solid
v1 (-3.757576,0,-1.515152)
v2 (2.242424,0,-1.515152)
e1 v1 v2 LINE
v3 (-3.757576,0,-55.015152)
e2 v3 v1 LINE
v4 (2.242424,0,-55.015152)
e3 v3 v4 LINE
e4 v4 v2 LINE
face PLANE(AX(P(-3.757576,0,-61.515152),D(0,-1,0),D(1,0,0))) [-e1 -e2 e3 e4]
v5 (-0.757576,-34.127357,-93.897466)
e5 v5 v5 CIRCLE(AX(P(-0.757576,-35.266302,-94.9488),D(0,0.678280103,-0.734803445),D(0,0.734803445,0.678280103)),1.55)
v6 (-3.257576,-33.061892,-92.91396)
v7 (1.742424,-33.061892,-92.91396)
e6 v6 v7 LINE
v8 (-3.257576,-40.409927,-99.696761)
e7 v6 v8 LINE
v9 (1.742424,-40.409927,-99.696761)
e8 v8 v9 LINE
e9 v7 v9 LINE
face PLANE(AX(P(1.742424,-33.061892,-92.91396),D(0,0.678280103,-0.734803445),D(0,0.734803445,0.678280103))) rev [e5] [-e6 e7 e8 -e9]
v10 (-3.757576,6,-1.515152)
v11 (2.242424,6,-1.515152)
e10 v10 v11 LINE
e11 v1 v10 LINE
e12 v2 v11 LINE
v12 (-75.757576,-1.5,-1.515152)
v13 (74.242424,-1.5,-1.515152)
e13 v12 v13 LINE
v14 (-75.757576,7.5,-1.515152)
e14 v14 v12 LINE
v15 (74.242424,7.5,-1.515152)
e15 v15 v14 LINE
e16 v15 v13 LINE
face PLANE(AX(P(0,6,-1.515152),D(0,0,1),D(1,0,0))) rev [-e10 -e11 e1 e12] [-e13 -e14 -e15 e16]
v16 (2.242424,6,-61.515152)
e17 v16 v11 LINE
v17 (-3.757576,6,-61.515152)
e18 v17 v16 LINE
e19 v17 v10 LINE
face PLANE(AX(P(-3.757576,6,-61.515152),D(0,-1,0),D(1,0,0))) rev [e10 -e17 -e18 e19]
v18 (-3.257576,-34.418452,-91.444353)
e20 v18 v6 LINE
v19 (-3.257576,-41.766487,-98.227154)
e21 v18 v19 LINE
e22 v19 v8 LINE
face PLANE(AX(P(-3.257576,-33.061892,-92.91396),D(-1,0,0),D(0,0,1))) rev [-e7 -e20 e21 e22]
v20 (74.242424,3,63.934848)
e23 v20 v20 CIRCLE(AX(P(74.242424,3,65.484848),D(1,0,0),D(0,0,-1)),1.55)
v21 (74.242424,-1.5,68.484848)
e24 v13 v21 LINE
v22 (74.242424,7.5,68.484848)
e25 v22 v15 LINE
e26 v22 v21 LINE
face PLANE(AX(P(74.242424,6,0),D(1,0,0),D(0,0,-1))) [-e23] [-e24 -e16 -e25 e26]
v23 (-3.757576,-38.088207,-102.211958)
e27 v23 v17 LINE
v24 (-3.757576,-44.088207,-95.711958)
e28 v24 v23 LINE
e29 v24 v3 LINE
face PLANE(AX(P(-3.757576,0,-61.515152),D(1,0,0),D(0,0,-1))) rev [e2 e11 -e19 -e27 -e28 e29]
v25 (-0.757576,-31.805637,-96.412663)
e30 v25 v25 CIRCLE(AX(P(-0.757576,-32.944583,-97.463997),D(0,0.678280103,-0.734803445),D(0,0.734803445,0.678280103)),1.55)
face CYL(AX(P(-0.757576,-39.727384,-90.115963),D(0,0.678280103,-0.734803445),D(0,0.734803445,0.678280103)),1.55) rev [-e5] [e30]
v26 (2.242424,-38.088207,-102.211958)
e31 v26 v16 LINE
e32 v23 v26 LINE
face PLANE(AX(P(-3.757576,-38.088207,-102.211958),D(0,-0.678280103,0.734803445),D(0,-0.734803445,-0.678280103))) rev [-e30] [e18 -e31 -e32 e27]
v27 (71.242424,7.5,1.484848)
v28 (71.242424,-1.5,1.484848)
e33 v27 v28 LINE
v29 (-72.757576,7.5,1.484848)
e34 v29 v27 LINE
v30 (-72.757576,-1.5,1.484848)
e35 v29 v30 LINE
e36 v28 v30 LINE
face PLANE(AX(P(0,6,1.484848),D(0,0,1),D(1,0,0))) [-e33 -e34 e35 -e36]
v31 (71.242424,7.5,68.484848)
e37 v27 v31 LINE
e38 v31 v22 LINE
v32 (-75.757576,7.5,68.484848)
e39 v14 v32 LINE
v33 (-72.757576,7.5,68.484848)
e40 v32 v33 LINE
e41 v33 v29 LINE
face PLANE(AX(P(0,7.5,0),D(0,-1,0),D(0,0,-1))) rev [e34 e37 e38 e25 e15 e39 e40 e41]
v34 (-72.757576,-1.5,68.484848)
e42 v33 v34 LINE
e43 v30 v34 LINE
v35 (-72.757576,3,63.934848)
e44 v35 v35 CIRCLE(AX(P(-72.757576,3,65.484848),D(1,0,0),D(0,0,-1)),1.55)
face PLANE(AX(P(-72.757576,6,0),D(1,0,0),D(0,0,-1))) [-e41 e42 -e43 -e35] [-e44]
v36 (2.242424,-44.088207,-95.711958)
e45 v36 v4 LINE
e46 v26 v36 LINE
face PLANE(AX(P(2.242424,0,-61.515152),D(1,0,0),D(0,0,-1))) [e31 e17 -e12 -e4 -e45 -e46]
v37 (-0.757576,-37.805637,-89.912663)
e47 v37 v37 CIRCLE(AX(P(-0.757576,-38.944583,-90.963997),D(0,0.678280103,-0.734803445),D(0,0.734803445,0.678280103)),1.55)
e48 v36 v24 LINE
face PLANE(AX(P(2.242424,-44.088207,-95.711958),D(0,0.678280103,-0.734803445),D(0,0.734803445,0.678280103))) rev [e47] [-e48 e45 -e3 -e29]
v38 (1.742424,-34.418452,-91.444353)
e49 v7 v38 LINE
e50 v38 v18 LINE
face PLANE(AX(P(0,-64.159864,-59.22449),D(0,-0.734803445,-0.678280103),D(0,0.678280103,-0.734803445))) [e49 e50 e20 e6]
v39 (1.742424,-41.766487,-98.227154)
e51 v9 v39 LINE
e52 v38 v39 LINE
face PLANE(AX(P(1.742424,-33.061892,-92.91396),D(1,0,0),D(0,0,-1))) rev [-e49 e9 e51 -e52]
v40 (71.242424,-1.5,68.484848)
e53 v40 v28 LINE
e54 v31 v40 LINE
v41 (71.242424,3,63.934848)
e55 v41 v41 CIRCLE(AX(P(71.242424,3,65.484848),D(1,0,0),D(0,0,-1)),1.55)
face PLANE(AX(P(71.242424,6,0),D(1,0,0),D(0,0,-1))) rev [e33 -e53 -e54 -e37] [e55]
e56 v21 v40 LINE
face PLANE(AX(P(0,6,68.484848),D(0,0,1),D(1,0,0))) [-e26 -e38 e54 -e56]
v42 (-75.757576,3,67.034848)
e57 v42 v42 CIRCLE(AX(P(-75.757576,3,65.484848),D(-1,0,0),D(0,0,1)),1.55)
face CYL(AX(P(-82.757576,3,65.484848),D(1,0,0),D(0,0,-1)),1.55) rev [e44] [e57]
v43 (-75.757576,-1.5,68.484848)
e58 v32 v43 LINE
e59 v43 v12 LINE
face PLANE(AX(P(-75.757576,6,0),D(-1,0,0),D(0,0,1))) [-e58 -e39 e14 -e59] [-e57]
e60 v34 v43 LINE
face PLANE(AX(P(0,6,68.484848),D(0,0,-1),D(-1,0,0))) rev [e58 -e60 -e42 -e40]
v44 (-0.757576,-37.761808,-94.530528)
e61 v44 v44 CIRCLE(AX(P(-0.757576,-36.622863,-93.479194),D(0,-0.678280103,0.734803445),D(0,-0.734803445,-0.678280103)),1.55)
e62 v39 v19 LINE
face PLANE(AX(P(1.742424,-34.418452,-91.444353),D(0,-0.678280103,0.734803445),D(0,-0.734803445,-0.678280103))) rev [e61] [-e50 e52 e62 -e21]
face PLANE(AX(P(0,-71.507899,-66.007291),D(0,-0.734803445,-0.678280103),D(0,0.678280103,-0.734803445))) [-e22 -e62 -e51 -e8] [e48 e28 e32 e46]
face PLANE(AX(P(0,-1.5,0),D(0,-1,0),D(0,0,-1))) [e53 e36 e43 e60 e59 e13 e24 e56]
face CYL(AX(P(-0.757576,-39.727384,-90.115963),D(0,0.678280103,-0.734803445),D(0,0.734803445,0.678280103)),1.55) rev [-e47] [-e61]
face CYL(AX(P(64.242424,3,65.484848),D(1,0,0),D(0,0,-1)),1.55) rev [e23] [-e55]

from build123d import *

# Parameters (mm, degrees)
EXTRUDE_2_DEPTH     = 6
SKETCH_2_R          = 1.55
CUT_EXTRUDE_1_DEPTH = 10
SKETCH_3_R          = 1.55
CUT_EXTRUDE_2_DEPTH = 10
EXTRUDE_4_DEPTH     = 1.5
EXTRUDE_5_DEPTH     = 1.5
SKETCH_5_W          = 6
SKETCH_5_H          = 6
EXTRUDE_6_DEPTH     = 60
CUT_EXTRUDE_3_DEPTH = 60
SKETCH_9_W          = 6
SKETCH_9_H          = 8.845903007
EXTRUDE_7_DEPTH     = 60
SKETCH_10_W         = 5
SKETCH_10_H         = 2
CUT_EXTRUDE_4_DEPTH = 10
SKETCH_11_R         = 1.55
CUT_EXTRUDE_5_DEPTH = 10


with BuildPart() as part:
    # 草图1 → 凸台-拉伸2 (new body)
    with BuildSketch(Plane(origin=(0, 0, 0), x_dir=(1, 0, 0), z_dir=(0, 1, 0))):
        Polygon((-72.757575758, -68.484848485), (-72.757575758, -1.484848485), (71.242424242, -1.484848485), (71.242424242, -68.484848485), (74.242424242, -68.484848485), (74.242424242, -1.484848485), (74.242424242, 1.515151515), (71.242424242, 1.515151515), (-72.757575758, 1.515151515), (-75.757575758, 1.515151515), (-75.757575758, -1.484848485), (-75.757575758, -68.484848485), align=None)
    extrude(amount=EXTRUDE_2_DEPTH)

    # 草图2 → 切除-拉伸1 (cut)
    with BuildSketch(Plane(origin=(-72.757575758, 0, 0), x_dir=(0, 0, -1), z_dir=(1, 0, 0))):
        with Locations((-65.484848485, 3)):
            Circle(SKETCH_2_R)
    extrude(amount=-CUT_EXTRUDE_1_DEPTH, mode=Mode.SUBTRACT)

    # 草图3 → 切除-拉伸2 (cut)
    with BuildSketch(Plane(origin=(74.242424242, 0, 0), x_dir=(0, 0, -1), z_dir=(1, 0, 0))):
        with Locations((-65.484848485, 3)):
            Circle(SKETCH_3_R)
    extrude(amount=-CUT_EXTRUDE_2_DEPTH, mode=Mode.SUBTRACT)

    # 草图6 → 凸台-拉伸4 (add)
    with BuildSketch(Plane(origin=(0, 6, 0), x_dir=(1, 0, 0), z_dir=(0, 1, 0))):
        Polygon((-75.757575758, 1.515151515), (74.242424242, 1.515151515), (74.242424242, -68.484848485), (71.242424242, -68.484848485), (71.242424242, -1.484848485), (-72.757575758, -1.484848485), (-72.757575758, -68.484848485), (-75.757575758, -68.484848485), align=None)
    extrude(amount=EXTRUDE_4_DEPTH)

    # 草图7 → 凸台-拉伸5 (add)
    with BuildSketch(Plane.XZ):
        Polygon((-75.757575758, 68.484848485), (-75.757575758, -1.515151515), (74.242424242, -1.515151515), (74.242424242, 68.484848485), (71.242424242, 68.484848485), (71.242424242, 1.484848485), (-72.757575758, 1.484848485), (-72.757575758, 68.484848485), align=None)
    extrude(amount=EXTRUDE_5_DEPTH)

    # 草图5 → 凸台-拉伸6 (add)
    with BuildSketch(Plane(origin=(0, 0, -1.515151515), x_dir=(-1, 0, 0), z_dir=(0, 0, -1))):
        with Locations((0.757575758, 3)):
            Rectangle(SKETCH_5_W, SKETCH_5_H)
    extrude(amount=EXTRUDE_6_DEPTH)

    # 草图8 → 切除-拉伸3 (cut)
    with BuildSketch(Plane(origin=(2.242424242, 0, 0), x_dir=(0, 0, -1), z_dir=(1, 0, 0))):
        Polygon((61.515151515, 6), (55.015151515, 0), (61.515151515, 0), align=None)
    extrude(amount=-CUT_EXTRUDE_3_DEPTH, mode=Mode.SUBTRACT)

    # 草图9 → 凸台-拉伸7 (add)
    with BuildSketch(Plane(origin=(0, -27.419692129, -25.310485042), x_dir=(1, 0, 0), z_dir=(0, -0.7348034446274878, -0.678280102733066))):
        with Locations((-0.757575758, -44.848274344)):
            Rectangle(SKETCH_9_W, SKETCH_9_H)
    extrude(amount=EXTRUDE_7_DEPTH)

    # 草图10 → 切除-拉伸4 (cut)
    with BuildSketch(Plane(origin=(0, -71.507898807, -66.007291206), x_dir=(1, 0, 0), z_dir=(0, -0.7348034446274876, -0.6782801027330662))):
        with Locations((-0.757575758, -44.848274343)):
            Rectangle(SKETCH_10_W, SKETCH_10_H)
    extrude(amount=-CUT_EXTRUDE_4_DEPTH, mode=Mode.SUBTRACT)

    # 草图11 → 切除-拉伸5 (cut)
    with BuildSketch(Plane(origin=(0, 33.419692129, -36.204666473), x_dir=(-1, 0, 0), z_dir=(0, 0.6782801027330662, -0.7348034446274876))):
        with Locations(Location((0.757575758, -90.315682622, 0), (0, 0, 90))):
            Circle(SKETCH_11_R)
    extrude(amount=-CUT_EXTRUDE_5_DEPTH, mode=Mode.SUBTRACT)


solid = part.part
